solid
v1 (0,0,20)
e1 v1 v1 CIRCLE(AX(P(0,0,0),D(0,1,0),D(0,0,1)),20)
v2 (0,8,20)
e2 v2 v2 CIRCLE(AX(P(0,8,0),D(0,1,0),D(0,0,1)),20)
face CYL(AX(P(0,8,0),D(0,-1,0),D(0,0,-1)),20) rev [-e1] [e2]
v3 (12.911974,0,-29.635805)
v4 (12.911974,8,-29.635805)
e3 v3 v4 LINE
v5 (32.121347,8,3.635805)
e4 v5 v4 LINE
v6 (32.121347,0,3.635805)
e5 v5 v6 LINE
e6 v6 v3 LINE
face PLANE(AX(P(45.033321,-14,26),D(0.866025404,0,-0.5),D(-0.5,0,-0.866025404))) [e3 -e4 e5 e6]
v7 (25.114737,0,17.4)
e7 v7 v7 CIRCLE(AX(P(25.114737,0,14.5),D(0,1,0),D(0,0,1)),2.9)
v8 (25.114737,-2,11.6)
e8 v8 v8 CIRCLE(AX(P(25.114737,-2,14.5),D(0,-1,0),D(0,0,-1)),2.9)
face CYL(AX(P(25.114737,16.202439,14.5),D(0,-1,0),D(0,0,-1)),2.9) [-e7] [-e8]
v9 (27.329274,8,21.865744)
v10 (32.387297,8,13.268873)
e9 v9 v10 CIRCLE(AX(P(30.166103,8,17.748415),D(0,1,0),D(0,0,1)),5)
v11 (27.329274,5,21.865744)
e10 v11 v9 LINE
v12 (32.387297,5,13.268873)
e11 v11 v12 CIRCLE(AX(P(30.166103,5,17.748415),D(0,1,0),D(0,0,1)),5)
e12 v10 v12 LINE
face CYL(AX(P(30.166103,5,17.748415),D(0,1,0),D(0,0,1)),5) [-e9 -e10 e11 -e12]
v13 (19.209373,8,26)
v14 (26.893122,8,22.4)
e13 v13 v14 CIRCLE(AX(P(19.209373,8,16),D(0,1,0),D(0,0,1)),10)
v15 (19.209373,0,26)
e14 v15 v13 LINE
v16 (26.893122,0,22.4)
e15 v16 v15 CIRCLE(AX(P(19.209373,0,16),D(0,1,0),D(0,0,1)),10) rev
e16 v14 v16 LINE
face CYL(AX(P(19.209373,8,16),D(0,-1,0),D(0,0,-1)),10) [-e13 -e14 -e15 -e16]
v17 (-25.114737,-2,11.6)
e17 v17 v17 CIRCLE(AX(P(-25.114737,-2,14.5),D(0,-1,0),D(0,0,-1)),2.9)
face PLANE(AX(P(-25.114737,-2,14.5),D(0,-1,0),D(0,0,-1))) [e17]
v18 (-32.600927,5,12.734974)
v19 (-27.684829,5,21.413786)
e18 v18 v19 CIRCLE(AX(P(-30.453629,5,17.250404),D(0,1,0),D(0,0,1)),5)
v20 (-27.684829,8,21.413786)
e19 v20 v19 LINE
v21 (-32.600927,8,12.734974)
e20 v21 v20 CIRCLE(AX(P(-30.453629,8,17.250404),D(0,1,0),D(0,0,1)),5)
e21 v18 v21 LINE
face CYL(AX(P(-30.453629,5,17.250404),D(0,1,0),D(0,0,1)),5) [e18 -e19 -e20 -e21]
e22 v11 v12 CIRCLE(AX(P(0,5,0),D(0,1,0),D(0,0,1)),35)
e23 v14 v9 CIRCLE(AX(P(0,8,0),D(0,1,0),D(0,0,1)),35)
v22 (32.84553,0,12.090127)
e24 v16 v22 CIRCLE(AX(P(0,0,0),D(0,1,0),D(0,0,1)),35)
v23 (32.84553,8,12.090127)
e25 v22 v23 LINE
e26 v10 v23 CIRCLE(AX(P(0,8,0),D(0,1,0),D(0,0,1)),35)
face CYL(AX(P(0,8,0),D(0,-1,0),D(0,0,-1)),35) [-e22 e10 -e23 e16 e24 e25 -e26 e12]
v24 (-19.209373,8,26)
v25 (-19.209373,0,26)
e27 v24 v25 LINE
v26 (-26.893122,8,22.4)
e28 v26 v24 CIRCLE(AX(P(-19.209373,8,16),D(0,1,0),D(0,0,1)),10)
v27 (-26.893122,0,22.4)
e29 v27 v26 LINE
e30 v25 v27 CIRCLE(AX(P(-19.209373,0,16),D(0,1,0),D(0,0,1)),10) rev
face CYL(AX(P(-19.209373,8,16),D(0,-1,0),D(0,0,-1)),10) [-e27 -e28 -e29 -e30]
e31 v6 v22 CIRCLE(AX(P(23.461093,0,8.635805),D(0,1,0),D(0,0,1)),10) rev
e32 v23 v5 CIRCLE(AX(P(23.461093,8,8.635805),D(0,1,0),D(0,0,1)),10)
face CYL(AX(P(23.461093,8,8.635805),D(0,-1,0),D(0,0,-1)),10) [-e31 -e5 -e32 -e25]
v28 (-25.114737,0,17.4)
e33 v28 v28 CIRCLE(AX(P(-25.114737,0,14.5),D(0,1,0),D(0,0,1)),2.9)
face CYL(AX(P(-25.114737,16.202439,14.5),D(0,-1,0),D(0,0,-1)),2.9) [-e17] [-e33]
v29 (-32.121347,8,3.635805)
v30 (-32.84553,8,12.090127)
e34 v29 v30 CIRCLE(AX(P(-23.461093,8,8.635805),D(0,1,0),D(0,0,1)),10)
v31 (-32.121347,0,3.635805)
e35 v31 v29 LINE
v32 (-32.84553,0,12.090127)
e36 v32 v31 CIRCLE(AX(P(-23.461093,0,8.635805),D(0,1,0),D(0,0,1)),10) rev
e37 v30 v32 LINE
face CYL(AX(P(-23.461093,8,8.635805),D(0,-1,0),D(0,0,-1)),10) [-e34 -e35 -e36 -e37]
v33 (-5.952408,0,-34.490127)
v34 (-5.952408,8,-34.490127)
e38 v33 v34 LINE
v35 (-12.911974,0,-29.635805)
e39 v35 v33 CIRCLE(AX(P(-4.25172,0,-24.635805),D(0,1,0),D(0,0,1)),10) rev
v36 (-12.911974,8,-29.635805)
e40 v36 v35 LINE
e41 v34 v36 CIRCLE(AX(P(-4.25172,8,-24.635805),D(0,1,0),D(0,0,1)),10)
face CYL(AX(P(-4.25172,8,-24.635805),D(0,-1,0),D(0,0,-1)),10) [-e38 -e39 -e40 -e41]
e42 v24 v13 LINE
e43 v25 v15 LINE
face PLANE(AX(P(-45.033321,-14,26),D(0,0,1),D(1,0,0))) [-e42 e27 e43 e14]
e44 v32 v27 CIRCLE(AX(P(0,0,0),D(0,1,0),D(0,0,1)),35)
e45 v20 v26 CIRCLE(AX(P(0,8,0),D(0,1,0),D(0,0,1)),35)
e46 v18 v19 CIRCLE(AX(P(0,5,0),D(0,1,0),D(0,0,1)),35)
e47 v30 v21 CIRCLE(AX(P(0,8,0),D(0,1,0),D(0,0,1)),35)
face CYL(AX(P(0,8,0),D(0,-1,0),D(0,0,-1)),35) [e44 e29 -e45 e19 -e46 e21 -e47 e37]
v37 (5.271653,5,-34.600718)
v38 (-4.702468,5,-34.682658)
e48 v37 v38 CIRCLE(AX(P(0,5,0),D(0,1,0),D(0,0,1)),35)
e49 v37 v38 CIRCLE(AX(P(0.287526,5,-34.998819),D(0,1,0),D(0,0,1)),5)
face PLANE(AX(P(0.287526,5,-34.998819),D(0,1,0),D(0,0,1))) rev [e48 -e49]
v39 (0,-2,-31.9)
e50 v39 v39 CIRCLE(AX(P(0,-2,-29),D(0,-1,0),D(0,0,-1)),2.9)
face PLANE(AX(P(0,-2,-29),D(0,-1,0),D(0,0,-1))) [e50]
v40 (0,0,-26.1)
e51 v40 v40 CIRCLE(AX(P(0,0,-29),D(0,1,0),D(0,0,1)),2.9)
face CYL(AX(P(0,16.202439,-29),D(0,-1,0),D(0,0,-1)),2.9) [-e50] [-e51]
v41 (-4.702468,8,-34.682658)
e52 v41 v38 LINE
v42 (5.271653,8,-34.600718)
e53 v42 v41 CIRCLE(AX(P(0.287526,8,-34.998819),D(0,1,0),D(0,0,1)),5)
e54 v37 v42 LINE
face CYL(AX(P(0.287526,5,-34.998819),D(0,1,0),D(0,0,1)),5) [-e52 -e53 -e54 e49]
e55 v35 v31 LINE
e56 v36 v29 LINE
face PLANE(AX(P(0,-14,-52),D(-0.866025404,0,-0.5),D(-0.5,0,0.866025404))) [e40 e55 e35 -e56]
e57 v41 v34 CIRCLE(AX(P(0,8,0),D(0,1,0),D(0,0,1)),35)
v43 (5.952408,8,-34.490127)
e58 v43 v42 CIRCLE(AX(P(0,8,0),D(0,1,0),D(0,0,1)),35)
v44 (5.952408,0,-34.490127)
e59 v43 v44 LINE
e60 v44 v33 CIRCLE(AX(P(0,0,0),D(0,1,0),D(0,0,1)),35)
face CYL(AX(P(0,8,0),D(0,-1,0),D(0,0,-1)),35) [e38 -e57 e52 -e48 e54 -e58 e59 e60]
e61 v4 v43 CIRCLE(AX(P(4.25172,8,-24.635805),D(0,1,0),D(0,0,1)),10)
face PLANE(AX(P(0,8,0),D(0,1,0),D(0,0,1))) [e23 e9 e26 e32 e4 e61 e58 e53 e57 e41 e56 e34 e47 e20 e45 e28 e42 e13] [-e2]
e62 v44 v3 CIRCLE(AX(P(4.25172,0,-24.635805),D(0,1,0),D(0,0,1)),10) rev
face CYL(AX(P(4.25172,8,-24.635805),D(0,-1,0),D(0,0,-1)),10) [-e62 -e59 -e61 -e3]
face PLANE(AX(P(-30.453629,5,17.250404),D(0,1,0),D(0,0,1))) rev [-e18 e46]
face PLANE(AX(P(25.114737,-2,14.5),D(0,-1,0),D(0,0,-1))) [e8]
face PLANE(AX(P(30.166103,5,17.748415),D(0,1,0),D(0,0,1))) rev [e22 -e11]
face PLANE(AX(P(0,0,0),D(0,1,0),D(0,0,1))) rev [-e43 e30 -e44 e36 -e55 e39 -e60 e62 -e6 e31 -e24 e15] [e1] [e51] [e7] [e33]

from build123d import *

# Parameters (mm, degrees)
SKETCH1_R                = 20
BOSS_EXTRUDE1_DEPTH      = 3.5
SKETCH2_R                = 35
SKETCH2_R_2              = 20
SKETCH2_R_3              = 2.8
BOSS_EXTRUDE2_DEPTH      = 8
BOSS_EXTRUDE3_DEPTH      = 2
BOSS_EXTRUDE3_DEPTH_BACK = 8
SKETCH4_R                = 2.9
SKETCH5_R                = 5
BOSS_EXTRUDE4_DEPTH      = 3
CUT_EXTRUDE1_START       = -10
SKETCH3_R                = 20
CUT_EXTRUDE1_DEPTH       = 10
SKETCH9_R                = 18.5
BOSS_EXTRUDE5_DEPTH      = 3.5
SKETCH10_R               = 18.5
SKETCH10_R_2             = 17.5
BOSS_EXTRUDE6_DEPTH      = 3.5
SKETCH11_W               = 2
SKETCH11_H               = 6.599117057
BOSS_EXTRUDE7_DEPTH      = 2
SKETCH12_R               = 72.135852014
CUT_EXTRUDE2_DEPTH       = 22
FILLET1_R                = 10
CUT_EXTRUDE3_START       = -10
SKETCH13_R               = 20
CUT_EXTRUDE3_DEPTH       = 10


with BuildPart() as part:
    # Sketch1 → Boss-Extrude1 (new body)
    with BuildSketch(Plane(origin=(0, 0, 0), x_dir=(1, 0, 0), z_dir=(0, 1, 0))):
        with Locations(Location((0, 0, 0), (0, 0, 270))):
            Circle(SKETCH1_R)
    extrude(amount=BOSS_EXTRUDE1_DEPTH)

    # Sketch2 → Boss-Extrude2 (add)
    with BuildSketch(Plane(origin=(0, 0, 0), x_dir=(1, 0, 0), z_dir=(0, 1, 0))):
        with Locations(Location((0, 0, 0), (0, 0, 270))):
            Circle(SKETCH2_R)
        with Locations(Location((0, 0, 0), (0, 0, 270))):
            Circle(SKETCH2_R_2, mode=Mode.SUBTRACT)
        with Locations(Location((0, 29, 0), (0, 0, 270))):
            Circle(SKETCH2_R_3, mode=Mode.SUBTRACT)
        with Locations(Location((25.11473671, -14.5, 0), (0, 0, 270))):
            Circle(SKETCH2_R_3, mode=Mode.SUBTRACT)
        with Locations(Location((-25.11473671, -14.5, 0), (0, 0, 270))):
            Circle(SKETCH2_R_3, mode=Mode.SUBTRACT)
    extrude(amount=BOSS_EXTRUDE2_DEPTH)

    # Sketch4 → Boss-Extrude3 (add, two sides: drawn at the far end of the back side and taken through both)
    with BuildSketch(Plane.XZ.offset(-BOSS_EXTRUDE3_DEPTH_BACK)):
        with Locations(Location((-25.11473671, 14.5, 0), (0, 0, 270))):
            Circle(SKETCH4_R)
        with Locations(Location((25.11473671, 14.5, 0), (0, 0, 270))):
            Circle(SKETCH4_R)
        with Locations(Location((0, -29, 0), (0, 0, 270))):
            Circle(SKETCH4_R)
    extrude(amount=BOSS_EXTRUDE3_DEPTH + BOSS_EXTRUDE3_DEPTH_BACK)

    # Sketch5 → Boss-Extrude4 (add)
    with BuildSketch(Plane(origin=(0, 8, 0), x_dir=(1, 0, 0), z_dir=(0, 1, 0))):
        with Locations((-30.453629482, -17.250404383)):
            Circle(SKETCH5_R)
        with Locations((0.28752632, 34.99881896)):
            Circle(SKETCH5_R)
        with Locations((30.166103162, -17.748414577)):
            Circle(SKETCH5_R)
    extrude(amount=-BOSS_EXTRUDE4_DEPTH)

    # Sketch3 → Cut-Extrude1 (cut)
    with BuildSketch(Plane(origin=(0, 3.5, 0), x_dir=(1, 0, 0), z_dir=(0, 1, 0)).offset(CUT_EXTRUDE1_START)):
        with Locations(Location((0, 0, 0), (0, 0, 270))):
            Circle(SKETCH3_R)
    extrude(amount=CUT_EXTRUDE1_DEPTH, mode=Mode.SUBTRACT)



with BuildPart() as body_2:
    # Sketch9 → Boss-Extrude5 (new body)
    with BuildSketch(Plane(origin=(0, 8, 0), x_dir=(1, 0, 0), z_dir=(0, 1, 0))):
        with Locations(Location((0, 0, 0), (0, 0, 270))):
            Circle(SKETCH9_R)
    extrude(amount=-BOSS_EXTRUDE5_DEPTH)

    # Sketch10 → Boss-Extrude6 (add)
    with BuildSketch(Plane(origin=(0, 4.5, 0), x_dir=(-1, 0, 0), z_dir=(0, -1, 0))):
        with Locations(Location((0, 0, 0), (0, 0, 270))):
            Circle(SKETCH10_R)
        with Locations(Location((0, 0, 0), (0, 0, 90))):
            Circle(SKETCH10_R_2, mode=Mode.SUBTRACT)
    extrude(amount=BOSS_EXTRUDE6_DEPTH)


with BuildPart() as part_1:
    add(part.part)

    add(body_2.part)  # Boss-Extrude7 merges body 2
    # Sketch11 → Boss-Extrude7 (add)
    with BuildSketch(Plane(origin=(0, 8, 0), x_dir=(1, 0, 0), z_dir=(0, 1, 0))):
        Polygon((19.946286756, -10.36129349), (14.231283742, -7.061734961), (13.231283742, -8.793785769), (18.946286756, -12.093344297), align=None)
        with Locations((0, 19.155079259)):
            Rectangle(SKETCH11_W, SKETCH11_H)
        Polygon((-18.946286756, -12.093344297), (-13.231283742, -8.793785769), (-14.231283742, -7.061734961), (-19.946286756, -10.36129349), align=None)
    extrude(amount=-BOSS_EXTRUDE7_DEPTH)

    # Sketch12 → Cut-Extrude2 (cut)
    with BuildSketch(Plane(origin=(0, 8, 0), x_dir=(1, 0, 0), z_dir=(0, 1, 0))):
        Circle(SKETCH12_R)
        Polygon((0, 52), (-45.033320997, -26), (45.033320997, -26), align=None, mode=Mode.SUBTRACT)
    extrude(amount=-CUT_EXTRUDE2_DEPTH, mode=Mode.SUBTRACT)

    # Fillet1
    fillet1_edges = [part_1.edges().sort_by_distance(p)[0] for p in [
        (34.232035012, 4, 7.291623888),
        (10.801285985, 4, -33.291623888),
        (-23.430749028, 4, 26),
        (23.430749028, 4, 26),
        (-10.801285985, 4, -33.291623888),
        (-34.232035012, 4, 7.291623888),
    ]]
    fillet(fillet1_edges, radius=FILLET1_R)

    # Sketch13 → Cut-Extrude3 (cut)
    with BuildSketch(Plane(origin=(0, 8, 0), x_dir=(1, 0, 0), z_dir=(0, 1, 0)).offset(CUT_EXTRUDE3_START)):
        with Locations(Location((0, 0, 0), (0, 0, 270))):
            Circle(SKETCH13_R)
    extrude(amount=CUT_EXTRUDE3_DEPTH, mode=Mode.SUBTRACT)


solid = part_1.part
